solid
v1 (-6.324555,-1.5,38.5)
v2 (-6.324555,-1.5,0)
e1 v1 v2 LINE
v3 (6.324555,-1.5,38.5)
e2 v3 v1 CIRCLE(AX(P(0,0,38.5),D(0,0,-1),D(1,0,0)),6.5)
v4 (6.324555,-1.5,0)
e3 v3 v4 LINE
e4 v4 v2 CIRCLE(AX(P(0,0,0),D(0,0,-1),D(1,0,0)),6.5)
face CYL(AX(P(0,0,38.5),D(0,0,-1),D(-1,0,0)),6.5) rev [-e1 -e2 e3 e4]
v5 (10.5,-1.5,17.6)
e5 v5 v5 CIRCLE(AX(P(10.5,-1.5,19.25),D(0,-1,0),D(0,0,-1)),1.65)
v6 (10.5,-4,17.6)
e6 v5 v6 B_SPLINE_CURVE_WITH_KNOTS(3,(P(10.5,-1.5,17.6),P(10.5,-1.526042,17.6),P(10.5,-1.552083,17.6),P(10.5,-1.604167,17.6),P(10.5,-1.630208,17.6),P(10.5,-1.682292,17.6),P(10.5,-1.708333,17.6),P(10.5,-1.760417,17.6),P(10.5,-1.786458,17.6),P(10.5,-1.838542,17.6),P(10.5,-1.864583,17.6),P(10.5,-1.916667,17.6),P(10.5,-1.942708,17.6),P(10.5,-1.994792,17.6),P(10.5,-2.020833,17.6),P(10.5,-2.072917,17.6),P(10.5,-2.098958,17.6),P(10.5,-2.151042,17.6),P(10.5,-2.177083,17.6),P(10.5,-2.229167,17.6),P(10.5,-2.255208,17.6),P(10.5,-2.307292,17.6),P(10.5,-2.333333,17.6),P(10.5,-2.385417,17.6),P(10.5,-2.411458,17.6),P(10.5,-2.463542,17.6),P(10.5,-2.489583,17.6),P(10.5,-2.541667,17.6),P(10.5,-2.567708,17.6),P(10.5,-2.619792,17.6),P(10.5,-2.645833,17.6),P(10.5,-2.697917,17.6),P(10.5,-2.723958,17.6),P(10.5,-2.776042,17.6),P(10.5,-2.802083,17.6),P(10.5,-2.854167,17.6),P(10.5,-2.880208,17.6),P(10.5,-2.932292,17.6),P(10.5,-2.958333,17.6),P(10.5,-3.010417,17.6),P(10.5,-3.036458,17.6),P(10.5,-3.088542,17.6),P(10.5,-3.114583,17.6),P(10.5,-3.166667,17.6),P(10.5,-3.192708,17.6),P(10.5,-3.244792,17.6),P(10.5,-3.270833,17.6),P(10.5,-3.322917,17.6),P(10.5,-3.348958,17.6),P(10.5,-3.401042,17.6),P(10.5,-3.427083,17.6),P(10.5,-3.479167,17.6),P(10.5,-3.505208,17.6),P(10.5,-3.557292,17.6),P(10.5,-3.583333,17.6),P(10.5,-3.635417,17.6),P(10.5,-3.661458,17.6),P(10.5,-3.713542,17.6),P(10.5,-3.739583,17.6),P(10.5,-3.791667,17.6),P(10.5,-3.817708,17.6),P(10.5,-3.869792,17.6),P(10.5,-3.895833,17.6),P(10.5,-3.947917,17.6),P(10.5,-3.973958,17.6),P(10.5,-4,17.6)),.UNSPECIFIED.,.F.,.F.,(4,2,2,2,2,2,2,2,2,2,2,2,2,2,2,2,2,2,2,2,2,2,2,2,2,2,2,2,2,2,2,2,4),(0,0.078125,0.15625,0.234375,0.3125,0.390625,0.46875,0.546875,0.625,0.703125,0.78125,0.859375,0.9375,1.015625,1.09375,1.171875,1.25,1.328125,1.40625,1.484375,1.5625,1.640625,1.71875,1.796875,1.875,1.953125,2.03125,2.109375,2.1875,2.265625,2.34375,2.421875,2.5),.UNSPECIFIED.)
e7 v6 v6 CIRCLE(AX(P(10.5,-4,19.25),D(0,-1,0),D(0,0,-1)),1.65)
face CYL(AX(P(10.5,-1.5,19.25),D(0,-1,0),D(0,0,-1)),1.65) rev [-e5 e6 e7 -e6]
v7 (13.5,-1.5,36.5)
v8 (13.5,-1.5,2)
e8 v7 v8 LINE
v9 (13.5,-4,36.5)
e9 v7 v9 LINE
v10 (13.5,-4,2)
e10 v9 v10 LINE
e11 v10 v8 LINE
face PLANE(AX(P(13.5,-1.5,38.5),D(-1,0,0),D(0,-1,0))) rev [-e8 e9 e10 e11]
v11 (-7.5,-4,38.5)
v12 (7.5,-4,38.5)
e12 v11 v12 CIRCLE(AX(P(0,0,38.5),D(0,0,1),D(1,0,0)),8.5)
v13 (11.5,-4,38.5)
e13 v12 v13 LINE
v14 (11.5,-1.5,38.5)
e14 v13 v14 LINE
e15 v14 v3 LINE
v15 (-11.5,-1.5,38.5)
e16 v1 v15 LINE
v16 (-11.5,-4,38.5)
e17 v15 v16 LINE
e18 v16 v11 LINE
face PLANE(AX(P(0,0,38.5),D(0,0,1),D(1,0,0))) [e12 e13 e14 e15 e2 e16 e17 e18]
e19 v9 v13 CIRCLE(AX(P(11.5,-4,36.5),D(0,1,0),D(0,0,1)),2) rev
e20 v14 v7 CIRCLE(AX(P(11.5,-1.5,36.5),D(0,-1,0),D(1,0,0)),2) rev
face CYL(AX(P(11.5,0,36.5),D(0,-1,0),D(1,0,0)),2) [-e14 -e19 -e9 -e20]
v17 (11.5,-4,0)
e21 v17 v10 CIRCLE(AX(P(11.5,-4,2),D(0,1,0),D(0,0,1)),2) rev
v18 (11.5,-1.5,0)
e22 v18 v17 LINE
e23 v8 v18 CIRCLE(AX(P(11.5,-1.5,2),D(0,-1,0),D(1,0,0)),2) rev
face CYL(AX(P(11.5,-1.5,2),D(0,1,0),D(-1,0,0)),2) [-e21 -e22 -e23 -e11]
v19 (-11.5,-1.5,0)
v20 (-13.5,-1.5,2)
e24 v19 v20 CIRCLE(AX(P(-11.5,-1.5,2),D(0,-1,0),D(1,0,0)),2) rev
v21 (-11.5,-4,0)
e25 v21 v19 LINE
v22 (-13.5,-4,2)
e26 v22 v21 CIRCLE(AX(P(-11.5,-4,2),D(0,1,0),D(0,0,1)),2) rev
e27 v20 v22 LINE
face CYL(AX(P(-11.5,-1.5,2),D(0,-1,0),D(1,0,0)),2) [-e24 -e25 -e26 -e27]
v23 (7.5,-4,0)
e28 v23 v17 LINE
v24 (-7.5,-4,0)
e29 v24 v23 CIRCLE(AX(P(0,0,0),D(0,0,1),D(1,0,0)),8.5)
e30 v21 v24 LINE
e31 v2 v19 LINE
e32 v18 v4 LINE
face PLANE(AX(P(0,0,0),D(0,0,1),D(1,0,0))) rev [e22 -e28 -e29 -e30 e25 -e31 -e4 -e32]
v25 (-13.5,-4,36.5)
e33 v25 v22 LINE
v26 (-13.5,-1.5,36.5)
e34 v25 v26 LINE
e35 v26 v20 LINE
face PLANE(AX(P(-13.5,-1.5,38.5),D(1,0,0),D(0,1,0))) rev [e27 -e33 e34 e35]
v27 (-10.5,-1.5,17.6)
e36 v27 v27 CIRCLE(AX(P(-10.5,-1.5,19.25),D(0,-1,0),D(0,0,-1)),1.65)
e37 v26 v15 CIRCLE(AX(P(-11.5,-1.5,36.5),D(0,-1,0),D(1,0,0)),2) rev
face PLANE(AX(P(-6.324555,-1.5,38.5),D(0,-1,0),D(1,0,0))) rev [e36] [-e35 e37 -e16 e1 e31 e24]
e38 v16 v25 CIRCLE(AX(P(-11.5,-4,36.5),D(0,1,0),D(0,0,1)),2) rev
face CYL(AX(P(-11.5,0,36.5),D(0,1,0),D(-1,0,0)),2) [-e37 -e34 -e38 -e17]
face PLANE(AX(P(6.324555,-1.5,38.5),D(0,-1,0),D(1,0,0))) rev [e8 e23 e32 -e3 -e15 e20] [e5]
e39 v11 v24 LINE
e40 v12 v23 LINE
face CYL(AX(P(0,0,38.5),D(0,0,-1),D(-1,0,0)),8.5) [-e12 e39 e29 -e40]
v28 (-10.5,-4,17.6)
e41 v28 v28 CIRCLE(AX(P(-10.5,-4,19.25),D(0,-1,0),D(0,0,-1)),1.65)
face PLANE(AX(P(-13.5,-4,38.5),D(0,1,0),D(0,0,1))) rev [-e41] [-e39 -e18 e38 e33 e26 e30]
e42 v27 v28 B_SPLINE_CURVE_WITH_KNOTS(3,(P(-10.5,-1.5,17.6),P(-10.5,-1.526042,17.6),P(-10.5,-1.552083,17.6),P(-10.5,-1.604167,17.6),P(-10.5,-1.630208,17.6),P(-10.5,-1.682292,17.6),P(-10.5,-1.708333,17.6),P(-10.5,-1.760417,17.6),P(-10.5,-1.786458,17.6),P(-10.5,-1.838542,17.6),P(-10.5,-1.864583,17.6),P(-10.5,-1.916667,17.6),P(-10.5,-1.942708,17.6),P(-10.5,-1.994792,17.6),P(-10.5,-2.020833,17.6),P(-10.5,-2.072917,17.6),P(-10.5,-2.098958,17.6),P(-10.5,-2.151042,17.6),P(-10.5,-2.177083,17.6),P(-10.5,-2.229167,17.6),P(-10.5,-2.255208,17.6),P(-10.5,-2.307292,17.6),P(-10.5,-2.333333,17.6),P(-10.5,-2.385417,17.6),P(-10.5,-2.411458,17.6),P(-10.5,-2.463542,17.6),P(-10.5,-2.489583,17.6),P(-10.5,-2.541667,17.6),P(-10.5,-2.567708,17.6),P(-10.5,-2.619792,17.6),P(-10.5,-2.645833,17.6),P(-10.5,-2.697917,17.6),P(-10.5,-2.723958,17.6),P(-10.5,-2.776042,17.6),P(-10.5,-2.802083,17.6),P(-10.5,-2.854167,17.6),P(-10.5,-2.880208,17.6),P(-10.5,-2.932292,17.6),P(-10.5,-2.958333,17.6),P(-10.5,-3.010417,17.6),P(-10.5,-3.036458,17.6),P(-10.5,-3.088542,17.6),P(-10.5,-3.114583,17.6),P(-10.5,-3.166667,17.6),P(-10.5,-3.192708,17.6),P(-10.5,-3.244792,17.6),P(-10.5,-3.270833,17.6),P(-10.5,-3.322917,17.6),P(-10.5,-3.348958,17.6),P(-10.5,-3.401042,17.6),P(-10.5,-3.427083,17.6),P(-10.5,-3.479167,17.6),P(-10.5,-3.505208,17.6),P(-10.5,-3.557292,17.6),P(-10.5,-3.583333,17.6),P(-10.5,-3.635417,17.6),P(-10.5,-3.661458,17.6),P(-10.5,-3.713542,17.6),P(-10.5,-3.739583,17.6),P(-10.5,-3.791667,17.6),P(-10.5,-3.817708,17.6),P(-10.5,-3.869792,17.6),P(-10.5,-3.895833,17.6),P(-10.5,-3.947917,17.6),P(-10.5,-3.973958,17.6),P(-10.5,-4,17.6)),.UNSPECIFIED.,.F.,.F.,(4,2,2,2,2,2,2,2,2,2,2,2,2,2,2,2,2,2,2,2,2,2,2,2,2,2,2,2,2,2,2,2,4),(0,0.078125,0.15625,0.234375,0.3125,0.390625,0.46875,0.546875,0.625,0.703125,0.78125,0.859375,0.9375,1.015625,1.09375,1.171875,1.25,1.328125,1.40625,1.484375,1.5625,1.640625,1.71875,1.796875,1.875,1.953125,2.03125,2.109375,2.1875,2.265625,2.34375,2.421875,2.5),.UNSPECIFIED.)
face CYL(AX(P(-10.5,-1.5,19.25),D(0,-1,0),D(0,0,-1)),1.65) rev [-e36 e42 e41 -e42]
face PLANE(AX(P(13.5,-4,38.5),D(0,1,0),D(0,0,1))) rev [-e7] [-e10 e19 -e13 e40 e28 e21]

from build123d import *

# Parameters (mm, degrees)
EXTRUDE_1_DEPTH     = 38.5
SKETCH_2_R          = 1.65
CUT_EXTRUDE_1_DEPTH = 42.045706231
FILLET_1_R          = 2


with BuildPart() as part:
    # 草图1 → 凸台-拉伸1 (new body)
    with BuildSketch(Plane.XY):
        with BuildLine():
            Line((-6.32455532, -1.5), (-13.5, -1.5))
            Line((-13.5, -1.5), (-13.5, -4))
            Line((-13.5, -4), (-7.5, -4))
            ThreePointArc((-7.5, -4), (0, -8.5), (7.5, -4))
            Line((7.5, -4), (13.5, -4))
            Line((13.5, -4), (13.5, -1.5))
            Line((13.5, -1.5), (6.32455532, -1.5))
            ThreePointArc((6.32455532, -1.5), (0, -6.5), (-6.32455532, -1.5))
        make_face()
    extrude(amount=EXTRUDE_1_DEPTH)

    # 草图2 → 切除-拉伸1 (cut, through all)
    with BuildSketch(Plane.XZ.offset(4)):
        with Locations(Location((-10.5, 19.25, 0), (0, 0, 270))):
            Circle(SKETCH_2_R)
        with Locations(Location((10.5, 19.25, 0), (0, 0, 270))):
            Circle(SKETCH_2_R)
    extrude(amount=-CUT_EXTRUDE_1_DEPTH, mode=Mode.SUBTRACT)

    # 圆角1
    fillet_1_edges = [part.edges().sort_by_distance(p)[0] for p in [
        (-13.5, -2.75, 38.5),
        (13.5, -2.75, 38.5),
        (13.5, -2.75, 0),
        (-13.5, -2.75, 0),
    ]]
    fillet(fillet_1_edges, radius=FILLET_1_R)


solid = part.part
